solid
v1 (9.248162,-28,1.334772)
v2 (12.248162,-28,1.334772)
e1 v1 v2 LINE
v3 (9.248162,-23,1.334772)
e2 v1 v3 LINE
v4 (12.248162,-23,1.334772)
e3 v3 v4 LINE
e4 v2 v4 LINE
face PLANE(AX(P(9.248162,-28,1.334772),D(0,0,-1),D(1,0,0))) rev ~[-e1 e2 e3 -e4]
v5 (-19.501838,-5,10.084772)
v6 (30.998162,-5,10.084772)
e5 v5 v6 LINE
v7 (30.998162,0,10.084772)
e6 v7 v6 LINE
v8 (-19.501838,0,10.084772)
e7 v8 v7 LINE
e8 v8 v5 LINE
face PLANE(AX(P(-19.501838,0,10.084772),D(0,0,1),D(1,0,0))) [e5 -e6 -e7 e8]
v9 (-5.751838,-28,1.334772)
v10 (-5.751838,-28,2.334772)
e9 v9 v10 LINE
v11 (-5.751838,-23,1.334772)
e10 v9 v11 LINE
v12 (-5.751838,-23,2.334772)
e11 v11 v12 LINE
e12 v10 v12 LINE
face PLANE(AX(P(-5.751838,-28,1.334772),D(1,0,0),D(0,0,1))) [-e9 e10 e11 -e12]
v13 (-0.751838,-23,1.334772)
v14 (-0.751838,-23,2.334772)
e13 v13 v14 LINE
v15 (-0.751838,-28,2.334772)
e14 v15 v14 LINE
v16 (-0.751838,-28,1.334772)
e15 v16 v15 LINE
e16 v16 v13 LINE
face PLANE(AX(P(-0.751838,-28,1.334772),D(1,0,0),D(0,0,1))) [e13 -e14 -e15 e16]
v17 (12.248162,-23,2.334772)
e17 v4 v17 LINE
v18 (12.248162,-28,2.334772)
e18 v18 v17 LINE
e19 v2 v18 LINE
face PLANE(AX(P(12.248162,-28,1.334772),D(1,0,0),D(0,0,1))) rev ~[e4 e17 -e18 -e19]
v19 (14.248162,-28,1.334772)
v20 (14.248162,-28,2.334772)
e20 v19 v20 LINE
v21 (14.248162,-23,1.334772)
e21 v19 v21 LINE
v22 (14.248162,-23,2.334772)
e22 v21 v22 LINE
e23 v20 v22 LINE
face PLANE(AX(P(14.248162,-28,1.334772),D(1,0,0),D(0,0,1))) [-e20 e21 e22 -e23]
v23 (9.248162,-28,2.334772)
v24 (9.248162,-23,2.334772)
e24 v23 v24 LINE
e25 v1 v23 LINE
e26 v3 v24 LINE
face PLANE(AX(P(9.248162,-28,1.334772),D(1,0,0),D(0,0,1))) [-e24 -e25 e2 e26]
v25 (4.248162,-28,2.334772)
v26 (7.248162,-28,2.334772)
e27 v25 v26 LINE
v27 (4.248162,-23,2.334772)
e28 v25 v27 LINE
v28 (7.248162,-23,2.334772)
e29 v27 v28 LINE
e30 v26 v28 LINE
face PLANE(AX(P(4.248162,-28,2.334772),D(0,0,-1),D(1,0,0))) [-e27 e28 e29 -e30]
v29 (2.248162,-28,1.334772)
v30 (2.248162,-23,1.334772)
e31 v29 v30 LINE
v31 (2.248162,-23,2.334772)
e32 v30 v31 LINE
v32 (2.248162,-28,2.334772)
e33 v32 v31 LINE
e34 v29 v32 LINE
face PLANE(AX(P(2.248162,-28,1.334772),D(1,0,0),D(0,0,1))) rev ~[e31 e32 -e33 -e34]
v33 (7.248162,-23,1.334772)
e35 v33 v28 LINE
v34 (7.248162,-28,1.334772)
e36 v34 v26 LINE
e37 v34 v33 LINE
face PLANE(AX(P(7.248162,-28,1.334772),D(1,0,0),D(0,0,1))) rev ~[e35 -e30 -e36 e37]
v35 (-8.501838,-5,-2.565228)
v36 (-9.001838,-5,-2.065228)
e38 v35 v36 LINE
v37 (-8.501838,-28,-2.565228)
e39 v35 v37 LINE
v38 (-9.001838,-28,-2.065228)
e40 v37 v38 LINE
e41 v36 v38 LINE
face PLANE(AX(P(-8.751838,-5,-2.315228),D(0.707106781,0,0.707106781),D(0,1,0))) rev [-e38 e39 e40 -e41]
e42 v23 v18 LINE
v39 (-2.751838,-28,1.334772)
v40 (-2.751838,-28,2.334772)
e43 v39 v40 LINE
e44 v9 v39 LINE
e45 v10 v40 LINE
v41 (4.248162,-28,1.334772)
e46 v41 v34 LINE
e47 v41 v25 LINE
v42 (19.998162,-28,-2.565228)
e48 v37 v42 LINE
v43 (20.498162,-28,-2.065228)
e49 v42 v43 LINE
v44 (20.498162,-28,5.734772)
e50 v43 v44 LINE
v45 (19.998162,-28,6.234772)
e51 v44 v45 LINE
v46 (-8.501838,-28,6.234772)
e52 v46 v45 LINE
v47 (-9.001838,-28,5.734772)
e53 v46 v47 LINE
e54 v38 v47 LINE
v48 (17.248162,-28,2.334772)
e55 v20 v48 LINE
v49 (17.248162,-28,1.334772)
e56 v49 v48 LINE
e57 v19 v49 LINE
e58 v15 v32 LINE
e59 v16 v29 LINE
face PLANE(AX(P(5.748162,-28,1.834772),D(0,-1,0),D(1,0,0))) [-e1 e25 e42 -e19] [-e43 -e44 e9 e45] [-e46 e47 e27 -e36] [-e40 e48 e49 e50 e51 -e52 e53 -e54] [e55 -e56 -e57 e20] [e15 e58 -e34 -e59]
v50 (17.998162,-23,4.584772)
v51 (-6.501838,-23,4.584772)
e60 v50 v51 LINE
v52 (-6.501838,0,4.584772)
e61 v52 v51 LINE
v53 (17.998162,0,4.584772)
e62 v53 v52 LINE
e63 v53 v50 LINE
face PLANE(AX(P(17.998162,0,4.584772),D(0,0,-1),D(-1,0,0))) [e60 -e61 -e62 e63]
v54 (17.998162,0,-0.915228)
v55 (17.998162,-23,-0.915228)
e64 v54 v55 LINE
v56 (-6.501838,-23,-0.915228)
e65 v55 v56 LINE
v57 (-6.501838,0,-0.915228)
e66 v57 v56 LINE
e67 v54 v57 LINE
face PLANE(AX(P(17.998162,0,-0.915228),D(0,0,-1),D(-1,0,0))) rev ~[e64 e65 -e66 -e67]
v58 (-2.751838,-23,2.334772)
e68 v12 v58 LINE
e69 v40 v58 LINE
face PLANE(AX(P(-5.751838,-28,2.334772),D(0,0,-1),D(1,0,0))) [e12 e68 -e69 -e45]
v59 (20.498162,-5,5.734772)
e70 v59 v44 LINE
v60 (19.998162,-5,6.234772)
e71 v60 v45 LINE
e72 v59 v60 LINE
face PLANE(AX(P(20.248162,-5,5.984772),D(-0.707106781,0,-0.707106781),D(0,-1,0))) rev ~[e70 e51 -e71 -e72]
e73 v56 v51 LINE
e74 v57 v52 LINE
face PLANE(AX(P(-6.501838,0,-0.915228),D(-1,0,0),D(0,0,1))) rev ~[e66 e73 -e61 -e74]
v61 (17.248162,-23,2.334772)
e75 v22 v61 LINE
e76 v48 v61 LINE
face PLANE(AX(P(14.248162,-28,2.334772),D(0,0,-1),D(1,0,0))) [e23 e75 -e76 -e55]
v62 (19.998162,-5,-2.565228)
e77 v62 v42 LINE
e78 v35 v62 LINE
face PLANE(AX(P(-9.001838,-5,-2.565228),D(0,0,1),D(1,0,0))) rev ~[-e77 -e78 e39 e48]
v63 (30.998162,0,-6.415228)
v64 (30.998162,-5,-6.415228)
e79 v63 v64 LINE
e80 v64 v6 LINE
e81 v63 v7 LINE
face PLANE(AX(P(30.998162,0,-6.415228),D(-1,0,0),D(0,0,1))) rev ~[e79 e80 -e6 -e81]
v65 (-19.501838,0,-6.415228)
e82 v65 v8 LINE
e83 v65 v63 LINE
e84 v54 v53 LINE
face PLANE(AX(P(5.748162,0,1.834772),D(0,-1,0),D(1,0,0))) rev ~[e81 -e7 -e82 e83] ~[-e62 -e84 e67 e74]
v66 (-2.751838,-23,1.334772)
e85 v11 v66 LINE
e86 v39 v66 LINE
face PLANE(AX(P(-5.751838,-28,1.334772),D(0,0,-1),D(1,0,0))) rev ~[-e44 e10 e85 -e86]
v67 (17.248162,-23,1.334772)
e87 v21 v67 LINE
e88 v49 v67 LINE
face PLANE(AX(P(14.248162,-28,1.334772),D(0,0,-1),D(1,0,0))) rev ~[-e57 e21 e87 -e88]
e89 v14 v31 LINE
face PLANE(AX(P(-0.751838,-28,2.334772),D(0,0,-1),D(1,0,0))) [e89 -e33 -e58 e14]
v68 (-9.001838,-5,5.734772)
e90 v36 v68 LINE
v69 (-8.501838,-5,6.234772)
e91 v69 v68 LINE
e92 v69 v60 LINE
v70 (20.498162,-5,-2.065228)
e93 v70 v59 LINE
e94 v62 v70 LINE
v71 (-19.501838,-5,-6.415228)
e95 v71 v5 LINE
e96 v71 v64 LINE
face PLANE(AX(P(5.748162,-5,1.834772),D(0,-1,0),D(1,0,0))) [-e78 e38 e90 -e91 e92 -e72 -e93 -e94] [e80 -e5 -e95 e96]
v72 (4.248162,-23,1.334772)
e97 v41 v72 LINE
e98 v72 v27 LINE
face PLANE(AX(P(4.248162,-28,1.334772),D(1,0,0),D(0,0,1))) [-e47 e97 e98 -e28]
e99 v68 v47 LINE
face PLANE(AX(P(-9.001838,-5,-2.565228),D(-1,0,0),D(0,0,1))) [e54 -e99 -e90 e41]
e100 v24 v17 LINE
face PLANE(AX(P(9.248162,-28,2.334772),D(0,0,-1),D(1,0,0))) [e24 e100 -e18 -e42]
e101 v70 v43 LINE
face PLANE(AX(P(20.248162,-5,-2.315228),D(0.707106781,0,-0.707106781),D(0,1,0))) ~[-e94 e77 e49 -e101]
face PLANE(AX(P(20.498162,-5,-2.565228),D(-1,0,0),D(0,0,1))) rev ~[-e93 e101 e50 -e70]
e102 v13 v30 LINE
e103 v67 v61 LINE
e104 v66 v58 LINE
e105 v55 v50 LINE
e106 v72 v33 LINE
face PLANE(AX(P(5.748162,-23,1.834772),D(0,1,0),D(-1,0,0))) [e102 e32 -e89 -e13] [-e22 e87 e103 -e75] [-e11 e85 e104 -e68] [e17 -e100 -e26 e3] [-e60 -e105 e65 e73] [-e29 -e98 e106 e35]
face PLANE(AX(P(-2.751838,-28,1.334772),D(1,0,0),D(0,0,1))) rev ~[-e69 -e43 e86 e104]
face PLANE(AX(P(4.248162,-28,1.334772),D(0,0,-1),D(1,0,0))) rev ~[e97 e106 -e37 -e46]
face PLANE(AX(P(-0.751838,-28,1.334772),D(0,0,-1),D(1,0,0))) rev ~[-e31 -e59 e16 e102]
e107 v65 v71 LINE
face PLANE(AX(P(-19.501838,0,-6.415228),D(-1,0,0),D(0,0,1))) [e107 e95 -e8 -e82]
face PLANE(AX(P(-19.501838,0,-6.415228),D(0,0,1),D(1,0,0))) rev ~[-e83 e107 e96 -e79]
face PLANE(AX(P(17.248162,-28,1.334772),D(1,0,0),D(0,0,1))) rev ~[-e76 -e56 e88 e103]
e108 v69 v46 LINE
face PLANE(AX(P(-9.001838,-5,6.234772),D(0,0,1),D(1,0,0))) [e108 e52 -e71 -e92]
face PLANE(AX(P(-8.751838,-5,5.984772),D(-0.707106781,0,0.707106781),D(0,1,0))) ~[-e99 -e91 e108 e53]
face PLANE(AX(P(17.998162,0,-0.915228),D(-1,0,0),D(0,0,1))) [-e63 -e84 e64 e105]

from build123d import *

# Parameters (mm, degrees)
F0_W     = 50.5
F0_H     = 16.5
F1_DEPTH = 5
F2_W     = 29.5
F2_H     = 8.8
F3_DEPTH = 23
F4_W     = 3
F4_H     = 1
F5_DEPTH = 28
F6_SIZE  = 0.5
F7_W     = 24.5
F7_H     = 5.5
F8_DEPTH = 23


with BuildPart() as f1:
    # F0 (on Front) → F1 (new body)
    with BuildSketch(Plane.XZ):
        with Locations((5.748162, 1.834772)):
            Rectangle(F0_W, F0_H)
    extrude(amount=F1_DEPTH)

    # F2 (on face) → F3 (join)
    with BuildSketch(Plane.XZ.offset(5)):
        with Locations((5.748162, 1.834772)):
            Rectangle(F2_W, F2_H)
    extrude(amount=F3_DEPTH)

    # F4 (on face) → F5 (cut)
    with BuildSketch(Plane.XZ.offset(28)):
        with Locations((-4.251838, 1.834772)):
            Rectangle(F4_W, F4_H)
        with Locations((0.748162, 1.834772)):
            Rectangle(F4_W, F4_H)
        with Locations((5.748162, 1.834772)):
            Rectangle(F4_W, F4_H)
        with Locations((10.748162, 1.834772)):
            Rectangle(F4_W, F4_H)
        with Locations((15.748162, 1.834772)):
            Rectangle(F4_W, F4_H)
    extrude(amount=-F5_DEPTH, mode=Mode.SUBTRACT)

    # F6
    f6_edges = [f1.edges().sort_by_distance(p)[0] for p in [
        (20.498162, -16.5, 6.234772),
        (-9.001838, -16.5, 6.234772),
        (20.498162, -16.5, -2.565228),
        (-9.001838, -16.5, -2.565228),
    ]]
    chamfer(f6_edges, length=F6_SIZE)

    # F7 (on face) → F8 (cut)
    with BuildSketch(Plane(origin=(0, 0, 0), x_dir=(-1, 0, 0), z_dir=(0, 1, 0))):
        with Locations((-5.748162, 1.834772)):
            Rectangle(F7_W, F7_H)
    extrude(amount=-F8_DEPTH, mode=Mode.SUBTRACT)


solid = f1.part
